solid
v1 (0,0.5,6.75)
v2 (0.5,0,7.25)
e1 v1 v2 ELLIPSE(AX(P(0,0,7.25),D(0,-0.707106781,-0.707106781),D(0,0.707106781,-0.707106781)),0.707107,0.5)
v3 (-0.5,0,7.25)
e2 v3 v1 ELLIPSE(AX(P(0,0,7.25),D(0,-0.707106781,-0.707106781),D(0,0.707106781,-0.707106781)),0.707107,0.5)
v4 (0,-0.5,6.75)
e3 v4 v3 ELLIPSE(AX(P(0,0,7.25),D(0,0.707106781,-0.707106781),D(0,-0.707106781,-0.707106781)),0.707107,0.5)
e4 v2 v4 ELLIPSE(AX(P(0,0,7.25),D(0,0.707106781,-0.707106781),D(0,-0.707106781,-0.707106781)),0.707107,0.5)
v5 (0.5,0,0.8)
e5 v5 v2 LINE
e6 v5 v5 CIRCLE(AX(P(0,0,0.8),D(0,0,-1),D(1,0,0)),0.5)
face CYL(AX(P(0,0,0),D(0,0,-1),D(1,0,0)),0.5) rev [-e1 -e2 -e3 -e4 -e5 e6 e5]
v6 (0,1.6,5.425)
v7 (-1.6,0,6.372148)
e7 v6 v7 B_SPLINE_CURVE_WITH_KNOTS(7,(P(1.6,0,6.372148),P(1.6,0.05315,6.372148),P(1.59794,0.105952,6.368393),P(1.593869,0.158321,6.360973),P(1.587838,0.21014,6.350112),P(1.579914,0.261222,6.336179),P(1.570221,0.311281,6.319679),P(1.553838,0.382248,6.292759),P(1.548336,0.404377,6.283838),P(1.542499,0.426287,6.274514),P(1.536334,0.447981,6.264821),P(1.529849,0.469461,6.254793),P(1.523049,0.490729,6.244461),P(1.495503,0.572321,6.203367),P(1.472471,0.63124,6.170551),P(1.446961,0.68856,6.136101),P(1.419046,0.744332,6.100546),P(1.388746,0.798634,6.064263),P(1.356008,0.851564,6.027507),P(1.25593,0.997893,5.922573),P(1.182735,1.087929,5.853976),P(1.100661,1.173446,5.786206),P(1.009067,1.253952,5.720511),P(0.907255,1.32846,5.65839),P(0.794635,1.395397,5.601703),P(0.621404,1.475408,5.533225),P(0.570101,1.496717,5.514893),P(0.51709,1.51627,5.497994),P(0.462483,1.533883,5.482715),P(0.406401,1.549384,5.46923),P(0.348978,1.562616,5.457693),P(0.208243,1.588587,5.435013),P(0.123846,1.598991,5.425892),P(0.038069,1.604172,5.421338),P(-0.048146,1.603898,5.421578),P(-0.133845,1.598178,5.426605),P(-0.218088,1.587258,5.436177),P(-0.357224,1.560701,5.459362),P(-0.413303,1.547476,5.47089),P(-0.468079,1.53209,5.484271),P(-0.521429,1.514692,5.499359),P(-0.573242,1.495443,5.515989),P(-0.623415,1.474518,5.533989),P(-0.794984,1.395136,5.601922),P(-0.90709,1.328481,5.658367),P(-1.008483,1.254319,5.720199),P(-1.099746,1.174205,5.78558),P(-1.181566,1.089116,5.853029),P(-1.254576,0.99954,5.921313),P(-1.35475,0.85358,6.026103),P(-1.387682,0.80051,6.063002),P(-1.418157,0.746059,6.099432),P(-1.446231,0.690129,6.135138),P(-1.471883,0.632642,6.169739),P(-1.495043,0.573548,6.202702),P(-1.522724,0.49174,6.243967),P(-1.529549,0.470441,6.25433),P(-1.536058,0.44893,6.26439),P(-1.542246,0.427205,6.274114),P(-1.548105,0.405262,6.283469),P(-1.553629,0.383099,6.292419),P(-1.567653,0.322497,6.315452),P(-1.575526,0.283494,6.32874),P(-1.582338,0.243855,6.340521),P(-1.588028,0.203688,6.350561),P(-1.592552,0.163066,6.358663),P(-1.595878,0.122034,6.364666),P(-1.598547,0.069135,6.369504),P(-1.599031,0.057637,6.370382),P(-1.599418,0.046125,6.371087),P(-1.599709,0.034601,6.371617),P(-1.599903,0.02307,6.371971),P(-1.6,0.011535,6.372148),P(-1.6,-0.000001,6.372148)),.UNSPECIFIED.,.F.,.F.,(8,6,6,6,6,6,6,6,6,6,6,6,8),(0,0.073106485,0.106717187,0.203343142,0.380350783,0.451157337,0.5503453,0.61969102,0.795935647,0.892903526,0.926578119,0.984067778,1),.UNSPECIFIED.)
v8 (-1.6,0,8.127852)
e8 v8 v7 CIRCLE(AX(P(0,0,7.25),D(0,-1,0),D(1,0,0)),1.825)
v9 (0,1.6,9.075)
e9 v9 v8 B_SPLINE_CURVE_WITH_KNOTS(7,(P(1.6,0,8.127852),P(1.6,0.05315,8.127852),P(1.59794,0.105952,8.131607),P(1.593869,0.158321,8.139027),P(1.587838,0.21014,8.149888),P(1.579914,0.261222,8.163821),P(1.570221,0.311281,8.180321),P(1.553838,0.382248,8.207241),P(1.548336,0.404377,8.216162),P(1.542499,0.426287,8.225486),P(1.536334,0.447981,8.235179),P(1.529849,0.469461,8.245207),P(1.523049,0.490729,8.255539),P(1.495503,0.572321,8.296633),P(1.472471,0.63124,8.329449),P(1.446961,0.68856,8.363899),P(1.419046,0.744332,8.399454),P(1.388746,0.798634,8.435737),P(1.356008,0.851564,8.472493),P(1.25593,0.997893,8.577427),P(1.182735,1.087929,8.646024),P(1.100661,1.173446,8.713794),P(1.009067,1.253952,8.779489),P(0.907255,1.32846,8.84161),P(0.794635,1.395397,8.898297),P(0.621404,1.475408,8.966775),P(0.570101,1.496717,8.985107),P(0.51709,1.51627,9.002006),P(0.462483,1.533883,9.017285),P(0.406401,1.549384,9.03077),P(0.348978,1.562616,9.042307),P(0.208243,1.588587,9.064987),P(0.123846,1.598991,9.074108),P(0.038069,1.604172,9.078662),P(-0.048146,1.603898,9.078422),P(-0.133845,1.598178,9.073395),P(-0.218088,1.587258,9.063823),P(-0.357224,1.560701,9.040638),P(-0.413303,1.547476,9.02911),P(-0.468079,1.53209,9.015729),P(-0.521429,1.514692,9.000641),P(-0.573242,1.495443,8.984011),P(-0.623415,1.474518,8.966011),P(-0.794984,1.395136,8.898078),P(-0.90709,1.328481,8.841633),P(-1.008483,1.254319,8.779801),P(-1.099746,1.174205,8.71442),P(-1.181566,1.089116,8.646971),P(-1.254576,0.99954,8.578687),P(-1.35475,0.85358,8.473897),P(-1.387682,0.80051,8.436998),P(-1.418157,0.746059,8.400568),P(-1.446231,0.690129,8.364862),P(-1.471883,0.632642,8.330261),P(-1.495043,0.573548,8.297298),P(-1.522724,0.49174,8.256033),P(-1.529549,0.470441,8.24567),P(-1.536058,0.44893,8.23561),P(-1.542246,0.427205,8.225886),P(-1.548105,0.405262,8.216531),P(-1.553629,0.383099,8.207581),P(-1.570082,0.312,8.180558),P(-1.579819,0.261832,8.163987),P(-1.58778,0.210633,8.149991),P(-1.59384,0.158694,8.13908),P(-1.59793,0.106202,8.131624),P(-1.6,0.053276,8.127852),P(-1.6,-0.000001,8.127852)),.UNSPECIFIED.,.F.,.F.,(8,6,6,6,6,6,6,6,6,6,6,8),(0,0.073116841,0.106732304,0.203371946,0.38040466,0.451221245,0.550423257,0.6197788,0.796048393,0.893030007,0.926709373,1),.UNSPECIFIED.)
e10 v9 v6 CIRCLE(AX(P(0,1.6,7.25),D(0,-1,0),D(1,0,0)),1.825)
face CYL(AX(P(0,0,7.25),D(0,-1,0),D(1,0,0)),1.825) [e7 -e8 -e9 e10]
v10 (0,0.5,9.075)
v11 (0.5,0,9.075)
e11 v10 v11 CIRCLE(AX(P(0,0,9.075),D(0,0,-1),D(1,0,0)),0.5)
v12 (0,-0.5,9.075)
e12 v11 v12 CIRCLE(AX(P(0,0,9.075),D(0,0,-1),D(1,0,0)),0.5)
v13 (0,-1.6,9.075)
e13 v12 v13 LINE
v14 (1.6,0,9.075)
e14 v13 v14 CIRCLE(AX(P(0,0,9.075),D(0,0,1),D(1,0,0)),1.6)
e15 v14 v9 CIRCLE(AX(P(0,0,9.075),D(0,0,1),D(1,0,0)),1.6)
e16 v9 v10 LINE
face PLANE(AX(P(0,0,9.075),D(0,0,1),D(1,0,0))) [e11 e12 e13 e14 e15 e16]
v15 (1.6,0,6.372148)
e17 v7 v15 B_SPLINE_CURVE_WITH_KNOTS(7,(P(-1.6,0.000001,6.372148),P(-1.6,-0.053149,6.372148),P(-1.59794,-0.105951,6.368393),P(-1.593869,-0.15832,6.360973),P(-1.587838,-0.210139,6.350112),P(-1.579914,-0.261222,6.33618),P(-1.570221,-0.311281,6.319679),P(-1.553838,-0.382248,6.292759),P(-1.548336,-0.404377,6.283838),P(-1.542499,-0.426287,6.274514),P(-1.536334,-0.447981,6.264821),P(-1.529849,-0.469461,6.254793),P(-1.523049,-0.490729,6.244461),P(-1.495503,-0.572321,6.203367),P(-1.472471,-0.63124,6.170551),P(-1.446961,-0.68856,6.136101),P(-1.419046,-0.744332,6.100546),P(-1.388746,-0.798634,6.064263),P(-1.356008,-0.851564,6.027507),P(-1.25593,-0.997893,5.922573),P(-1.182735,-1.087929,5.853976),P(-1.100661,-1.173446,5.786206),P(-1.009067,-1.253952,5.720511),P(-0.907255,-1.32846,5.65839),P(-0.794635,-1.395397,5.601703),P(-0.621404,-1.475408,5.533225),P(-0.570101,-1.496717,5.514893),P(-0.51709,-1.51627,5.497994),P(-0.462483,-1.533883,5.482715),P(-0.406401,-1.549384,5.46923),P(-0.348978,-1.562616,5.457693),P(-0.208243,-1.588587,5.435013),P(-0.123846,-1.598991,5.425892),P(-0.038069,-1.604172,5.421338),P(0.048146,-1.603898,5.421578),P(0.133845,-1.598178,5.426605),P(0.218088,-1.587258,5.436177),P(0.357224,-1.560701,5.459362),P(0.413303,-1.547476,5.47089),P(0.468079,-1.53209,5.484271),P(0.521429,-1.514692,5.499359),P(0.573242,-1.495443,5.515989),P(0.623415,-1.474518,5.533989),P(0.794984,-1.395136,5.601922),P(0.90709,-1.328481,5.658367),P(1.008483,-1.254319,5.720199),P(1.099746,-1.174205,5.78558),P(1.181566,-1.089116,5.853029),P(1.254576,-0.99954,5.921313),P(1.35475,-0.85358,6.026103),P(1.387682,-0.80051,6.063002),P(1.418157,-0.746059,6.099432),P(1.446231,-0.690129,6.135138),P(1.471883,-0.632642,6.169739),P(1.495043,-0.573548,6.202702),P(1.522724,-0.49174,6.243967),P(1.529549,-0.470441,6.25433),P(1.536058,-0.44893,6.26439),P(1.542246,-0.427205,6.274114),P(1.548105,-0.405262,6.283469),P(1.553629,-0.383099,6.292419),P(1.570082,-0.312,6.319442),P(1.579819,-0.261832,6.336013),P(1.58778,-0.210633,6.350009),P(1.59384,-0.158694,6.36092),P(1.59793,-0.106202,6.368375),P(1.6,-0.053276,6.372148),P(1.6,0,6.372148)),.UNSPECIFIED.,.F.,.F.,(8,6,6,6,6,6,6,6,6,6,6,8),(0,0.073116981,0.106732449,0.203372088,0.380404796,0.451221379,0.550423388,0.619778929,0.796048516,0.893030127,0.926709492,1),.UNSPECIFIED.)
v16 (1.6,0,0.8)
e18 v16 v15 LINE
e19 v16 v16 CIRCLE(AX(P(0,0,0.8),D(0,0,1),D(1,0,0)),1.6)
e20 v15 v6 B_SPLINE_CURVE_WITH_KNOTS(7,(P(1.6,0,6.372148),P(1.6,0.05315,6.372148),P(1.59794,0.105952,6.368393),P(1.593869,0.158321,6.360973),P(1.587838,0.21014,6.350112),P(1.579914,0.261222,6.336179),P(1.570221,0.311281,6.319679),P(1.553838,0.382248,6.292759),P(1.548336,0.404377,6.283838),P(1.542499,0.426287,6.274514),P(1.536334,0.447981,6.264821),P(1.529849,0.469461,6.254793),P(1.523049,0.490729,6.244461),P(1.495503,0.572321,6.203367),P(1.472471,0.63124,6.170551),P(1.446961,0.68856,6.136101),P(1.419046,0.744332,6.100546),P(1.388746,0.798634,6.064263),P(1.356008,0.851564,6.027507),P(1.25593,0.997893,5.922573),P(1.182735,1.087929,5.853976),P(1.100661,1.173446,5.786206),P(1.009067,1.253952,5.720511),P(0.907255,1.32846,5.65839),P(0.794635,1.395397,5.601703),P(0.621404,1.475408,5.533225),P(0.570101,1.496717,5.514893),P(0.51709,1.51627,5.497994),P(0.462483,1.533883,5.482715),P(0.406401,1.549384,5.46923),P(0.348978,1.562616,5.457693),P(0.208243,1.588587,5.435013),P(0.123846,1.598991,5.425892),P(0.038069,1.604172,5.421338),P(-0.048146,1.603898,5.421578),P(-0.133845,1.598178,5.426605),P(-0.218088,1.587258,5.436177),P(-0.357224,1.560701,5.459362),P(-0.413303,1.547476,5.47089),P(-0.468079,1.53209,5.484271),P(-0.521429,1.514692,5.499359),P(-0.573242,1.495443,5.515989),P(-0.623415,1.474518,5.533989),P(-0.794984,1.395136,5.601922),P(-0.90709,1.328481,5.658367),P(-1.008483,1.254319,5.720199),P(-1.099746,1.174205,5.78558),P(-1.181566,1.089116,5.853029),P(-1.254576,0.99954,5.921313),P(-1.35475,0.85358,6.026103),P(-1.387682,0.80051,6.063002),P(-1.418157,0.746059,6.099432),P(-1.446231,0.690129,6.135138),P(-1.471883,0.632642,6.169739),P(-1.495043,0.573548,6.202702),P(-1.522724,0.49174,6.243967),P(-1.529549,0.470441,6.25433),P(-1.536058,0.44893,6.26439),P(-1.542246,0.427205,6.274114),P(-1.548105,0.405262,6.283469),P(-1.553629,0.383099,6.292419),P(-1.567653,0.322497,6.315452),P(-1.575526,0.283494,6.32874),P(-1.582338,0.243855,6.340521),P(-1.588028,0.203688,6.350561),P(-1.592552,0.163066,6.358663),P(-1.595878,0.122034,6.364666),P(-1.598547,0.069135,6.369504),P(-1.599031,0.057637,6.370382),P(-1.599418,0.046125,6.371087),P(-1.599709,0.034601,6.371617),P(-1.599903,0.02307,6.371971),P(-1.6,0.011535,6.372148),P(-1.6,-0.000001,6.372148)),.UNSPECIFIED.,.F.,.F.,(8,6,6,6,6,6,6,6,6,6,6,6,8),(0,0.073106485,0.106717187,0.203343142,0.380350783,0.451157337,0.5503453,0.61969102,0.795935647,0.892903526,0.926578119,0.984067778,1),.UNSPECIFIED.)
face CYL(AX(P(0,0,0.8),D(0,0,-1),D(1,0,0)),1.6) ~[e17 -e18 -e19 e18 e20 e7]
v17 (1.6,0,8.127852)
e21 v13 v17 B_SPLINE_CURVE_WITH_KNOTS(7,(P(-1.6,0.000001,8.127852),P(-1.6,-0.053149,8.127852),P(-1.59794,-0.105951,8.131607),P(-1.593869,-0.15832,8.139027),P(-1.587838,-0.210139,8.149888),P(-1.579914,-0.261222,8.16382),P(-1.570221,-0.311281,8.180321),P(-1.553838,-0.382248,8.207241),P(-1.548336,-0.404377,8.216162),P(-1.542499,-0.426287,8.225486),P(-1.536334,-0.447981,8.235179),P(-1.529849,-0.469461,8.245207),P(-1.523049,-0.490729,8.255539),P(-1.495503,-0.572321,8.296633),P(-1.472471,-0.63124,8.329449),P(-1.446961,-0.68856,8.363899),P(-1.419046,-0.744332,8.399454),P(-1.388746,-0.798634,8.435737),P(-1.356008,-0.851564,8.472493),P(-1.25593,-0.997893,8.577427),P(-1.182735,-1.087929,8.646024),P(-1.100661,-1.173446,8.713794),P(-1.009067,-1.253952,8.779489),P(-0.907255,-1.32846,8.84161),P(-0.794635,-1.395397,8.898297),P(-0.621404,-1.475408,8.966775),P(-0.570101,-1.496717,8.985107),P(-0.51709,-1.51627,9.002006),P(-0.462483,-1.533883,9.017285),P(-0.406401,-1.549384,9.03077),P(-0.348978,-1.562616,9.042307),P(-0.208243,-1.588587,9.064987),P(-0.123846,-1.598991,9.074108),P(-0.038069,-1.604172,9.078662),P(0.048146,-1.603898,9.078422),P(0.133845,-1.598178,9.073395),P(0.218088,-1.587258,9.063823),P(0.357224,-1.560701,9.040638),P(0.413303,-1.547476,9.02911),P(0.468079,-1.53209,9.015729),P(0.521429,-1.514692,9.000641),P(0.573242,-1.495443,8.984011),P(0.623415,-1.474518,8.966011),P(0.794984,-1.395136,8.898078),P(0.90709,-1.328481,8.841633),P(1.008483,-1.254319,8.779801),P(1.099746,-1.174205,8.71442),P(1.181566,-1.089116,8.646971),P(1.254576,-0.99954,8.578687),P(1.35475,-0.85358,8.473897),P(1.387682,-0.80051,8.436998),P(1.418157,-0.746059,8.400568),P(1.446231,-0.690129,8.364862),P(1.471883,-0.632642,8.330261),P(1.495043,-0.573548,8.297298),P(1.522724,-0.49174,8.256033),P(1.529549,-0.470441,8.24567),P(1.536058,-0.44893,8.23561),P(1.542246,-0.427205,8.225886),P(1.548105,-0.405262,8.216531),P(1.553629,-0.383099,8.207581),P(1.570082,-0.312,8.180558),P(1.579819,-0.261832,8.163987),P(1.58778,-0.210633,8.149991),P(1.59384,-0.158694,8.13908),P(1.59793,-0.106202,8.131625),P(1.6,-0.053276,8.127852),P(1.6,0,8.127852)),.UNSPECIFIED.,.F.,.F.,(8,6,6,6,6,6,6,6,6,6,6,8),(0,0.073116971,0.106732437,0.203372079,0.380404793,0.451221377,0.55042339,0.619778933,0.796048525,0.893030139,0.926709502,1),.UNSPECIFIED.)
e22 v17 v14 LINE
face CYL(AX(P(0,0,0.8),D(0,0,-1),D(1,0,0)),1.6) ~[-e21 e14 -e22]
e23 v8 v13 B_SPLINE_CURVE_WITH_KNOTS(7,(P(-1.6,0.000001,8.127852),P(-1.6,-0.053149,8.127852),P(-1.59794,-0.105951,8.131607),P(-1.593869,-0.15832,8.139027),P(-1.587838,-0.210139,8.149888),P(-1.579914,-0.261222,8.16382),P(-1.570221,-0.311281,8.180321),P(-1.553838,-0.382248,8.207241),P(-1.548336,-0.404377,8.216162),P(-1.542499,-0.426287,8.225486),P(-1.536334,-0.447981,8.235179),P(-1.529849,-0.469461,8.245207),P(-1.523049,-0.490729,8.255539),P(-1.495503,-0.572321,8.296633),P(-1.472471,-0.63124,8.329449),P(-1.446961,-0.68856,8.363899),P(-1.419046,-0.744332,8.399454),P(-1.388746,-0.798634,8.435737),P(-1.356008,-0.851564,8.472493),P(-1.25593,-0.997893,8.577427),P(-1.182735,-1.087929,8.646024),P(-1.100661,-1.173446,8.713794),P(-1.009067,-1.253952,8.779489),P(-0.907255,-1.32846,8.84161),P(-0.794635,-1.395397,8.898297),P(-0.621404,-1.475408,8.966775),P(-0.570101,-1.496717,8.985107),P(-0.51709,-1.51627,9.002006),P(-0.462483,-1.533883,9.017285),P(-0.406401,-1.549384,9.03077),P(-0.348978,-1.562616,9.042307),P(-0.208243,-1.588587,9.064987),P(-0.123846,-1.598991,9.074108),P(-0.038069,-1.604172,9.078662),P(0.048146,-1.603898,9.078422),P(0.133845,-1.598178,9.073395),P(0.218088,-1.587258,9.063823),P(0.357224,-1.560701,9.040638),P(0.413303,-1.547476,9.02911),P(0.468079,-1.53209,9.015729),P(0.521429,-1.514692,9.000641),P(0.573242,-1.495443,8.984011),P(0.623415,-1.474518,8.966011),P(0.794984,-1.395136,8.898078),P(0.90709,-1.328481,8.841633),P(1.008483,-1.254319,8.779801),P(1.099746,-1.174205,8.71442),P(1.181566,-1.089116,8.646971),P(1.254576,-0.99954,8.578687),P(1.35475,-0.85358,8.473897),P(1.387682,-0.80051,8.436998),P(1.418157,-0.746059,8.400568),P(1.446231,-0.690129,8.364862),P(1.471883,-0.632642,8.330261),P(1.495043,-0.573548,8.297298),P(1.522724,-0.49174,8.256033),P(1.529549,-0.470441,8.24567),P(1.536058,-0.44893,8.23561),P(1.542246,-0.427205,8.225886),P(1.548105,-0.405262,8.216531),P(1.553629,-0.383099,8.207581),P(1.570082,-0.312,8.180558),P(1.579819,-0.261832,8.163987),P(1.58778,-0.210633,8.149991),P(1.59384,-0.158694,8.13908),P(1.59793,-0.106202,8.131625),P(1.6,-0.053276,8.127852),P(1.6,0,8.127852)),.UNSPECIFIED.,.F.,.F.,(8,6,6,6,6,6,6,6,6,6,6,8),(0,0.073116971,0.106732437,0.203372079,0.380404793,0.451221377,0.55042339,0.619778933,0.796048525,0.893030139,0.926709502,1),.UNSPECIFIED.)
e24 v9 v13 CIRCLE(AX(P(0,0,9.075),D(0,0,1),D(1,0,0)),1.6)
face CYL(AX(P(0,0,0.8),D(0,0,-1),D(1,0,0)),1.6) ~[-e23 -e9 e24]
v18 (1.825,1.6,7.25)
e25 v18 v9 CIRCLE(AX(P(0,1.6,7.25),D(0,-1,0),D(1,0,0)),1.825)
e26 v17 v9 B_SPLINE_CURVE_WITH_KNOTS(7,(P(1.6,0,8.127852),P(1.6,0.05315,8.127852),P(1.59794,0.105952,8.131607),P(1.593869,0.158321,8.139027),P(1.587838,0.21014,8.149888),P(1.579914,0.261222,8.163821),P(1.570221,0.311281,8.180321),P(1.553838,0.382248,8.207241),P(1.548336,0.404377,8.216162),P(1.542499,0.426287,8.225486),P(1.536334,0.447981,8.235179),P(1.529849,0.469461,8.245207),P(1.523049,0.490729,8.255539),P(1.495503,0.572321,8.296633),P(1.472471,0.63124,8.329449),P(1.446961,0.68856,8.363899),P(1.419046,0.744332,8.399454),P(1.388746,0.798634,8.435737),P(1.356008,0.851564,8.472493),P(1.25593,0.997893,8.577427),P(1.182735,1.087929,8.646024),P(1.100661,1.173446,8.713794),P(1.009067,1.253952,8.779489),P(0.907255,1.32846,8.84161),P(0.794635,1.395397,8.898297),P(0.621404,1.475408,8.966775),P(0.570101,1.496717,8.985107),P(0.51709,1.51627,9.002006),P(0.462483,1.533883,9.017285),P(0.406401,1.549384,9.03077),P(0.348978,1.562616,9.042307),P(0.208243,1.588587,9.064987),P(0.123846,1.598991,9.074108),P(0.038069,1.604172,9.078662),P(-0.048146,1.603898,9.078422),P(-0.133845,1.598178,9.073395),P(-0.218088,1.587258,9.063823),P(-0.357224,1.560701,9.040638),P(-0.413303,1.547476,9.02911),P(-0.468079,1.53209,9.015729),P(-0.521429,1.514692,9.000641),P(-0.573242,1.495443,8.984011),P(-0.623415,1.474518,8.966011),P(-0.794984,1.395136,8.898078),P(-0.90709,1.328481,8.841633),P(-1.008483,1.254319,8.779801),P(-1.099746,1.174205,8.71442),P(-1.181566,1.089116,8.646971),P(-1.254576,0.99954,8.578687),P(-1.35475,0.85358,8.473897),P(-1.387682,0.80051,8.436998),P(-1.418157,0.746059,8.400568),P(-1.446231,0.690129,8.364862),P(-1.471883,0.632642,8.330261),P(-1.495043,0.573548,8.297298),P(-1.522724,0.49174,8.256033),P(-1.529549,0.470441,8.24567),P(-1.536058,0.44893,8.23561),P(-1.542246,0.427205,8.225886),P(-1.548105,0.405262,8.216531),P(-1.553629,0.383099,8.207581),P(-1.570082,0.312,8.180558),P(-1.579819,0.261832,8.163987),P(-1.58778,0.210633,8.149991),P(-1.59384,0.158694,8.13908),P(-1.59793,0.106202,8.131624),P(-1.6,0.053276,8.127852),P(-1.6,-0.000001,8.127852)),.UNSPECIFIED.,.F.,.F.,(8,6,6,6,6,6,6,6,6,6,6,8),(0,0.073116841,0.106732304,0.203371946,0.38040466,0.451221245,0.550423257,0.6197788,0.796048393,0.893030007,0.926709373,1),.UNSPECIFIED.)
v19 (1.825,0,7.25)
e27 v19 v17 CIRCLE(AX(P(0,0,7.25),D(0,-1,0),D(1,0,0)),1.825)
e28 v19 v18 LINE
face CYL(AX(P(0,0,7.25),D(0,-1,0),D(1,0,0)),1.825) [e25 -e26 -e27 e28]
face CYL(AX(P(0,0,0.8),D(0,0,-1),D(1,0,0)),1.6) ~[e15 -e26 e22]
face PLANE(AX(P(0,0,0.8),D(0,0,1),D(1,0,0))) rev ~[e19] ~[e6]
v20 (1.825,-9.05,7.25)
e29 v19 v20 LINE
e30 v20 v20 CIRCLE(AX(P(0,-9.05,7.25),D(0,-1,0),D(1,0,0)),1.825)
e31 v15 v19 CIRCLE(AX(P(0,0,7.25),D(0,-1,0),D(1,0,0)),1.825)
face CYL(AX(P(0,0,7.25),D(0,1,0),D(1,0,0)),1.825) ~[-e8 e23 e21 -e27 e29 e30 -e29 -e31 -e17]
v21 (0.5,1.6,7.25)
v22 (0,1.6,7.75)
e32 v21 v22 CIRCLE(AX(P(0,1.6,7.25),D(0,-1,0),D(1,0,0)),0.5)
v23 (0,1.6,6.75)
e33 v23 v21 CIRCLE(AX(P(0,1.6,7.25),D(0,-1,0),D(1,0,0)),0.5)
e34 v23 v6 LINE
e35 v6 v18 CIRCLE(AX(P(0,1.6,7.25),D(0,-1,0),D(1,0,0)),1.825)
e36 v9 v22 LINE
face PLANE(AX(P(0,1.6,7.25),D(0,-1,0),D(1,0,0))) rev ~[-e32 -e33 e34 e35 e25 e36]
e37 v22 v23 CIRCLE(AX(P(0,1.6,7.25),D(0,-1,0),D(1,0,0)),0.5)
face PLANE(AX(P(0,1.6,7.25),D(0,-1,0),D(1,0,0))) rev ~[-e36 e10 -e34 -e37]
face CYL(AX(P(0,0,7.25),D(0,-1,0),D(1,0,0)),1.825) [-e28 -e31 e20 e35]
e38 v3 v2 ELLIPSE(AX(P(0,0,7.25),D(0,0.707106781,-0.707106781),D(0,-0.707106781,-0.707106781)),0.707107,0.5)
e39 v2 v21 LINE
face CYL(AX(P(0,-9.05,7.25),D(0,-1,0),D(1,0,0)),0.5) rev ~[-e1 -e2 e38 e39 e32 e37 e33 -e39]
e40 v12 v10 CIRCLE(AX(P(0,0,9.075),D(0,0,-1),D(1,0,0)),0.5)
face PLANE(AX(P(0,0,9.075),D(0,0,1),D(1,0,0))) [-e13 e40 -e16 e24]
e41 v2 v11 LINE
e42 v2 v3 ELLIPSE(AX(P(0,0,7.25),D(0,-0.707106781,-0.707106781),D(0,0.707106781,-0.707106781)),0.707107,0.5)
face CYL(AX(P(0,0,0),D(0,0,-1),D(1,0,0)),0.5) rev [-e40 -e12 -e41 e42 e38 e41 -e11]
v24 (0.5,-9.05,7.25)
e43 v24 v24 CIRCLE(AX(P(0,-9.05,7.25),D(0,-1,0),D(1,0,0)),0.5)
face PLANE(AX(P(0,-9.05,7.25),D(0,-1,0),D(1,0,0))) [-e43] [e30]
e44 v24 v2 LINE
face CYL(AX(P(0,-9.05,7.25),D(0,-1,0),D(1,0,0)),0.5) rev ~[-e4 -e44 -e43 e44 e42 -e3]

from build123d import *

# Parameters (mm, degrees)
SKETCH011_R          = 1.6
PAD002_DEPTH         = 8.275
SKETCH012_R          = 1.825
PAD003_DEPTH         = 9.05
PAD003_DEPTH_BACK    = 1.6
SKETCH013_R          = 0.5
POCKET007_DEPTH      = 0.001
POCKET007_DEPTH_BACK = 9.076
SKETCH014_R          = 0.5
POCKET008_DEPTH      = 10.651


with BuildPart() as part:
    # Sketch011 → Pad002 (new body)
    with BuildSketch(Plane.XY.offset(0.8)):
        Circle(SKETCH011_R)
    extrude(amount=PAD002_DEPTH)

    # Sketch012 → Pad003 (join, two sides)
    with BuildSketch(Plane.XZ) as pad003_sk:
        with Locations((0, 7.25)):
            Circle(SKETCH012_R)
    extrude(amount=PAD003_DEPTH)
    extrude(pad003_sk.sketch, amount=-PAD003_DEPTH_BACK)

    # Sketch013 → Pocket007 (cut, two sides)
    with BuildSketch(Plane.XY) as pocket007_sk:
        Circle(SKETCH013_R)
    extrude(amount=-POCKET007_DEPTH, mode=Mode.SUBTRACT)
    extrude(pocket007_sk.sketch, amount=POCKET007_DEPTH_BACK, mode=Mode.SUBTRACT)

    # Sketch014 (on DatumPlane) → Pocket008 (cut, through all)
    with BuildSketch(Plane.XZ.offset(9.05)):
        with Locations((0, 7.25)):
            Circle(SKETCH014_R)
    extrude(amount=-POCKET008_DEPTH, mode=Mode.SUBTRACT)


solid = part.part
